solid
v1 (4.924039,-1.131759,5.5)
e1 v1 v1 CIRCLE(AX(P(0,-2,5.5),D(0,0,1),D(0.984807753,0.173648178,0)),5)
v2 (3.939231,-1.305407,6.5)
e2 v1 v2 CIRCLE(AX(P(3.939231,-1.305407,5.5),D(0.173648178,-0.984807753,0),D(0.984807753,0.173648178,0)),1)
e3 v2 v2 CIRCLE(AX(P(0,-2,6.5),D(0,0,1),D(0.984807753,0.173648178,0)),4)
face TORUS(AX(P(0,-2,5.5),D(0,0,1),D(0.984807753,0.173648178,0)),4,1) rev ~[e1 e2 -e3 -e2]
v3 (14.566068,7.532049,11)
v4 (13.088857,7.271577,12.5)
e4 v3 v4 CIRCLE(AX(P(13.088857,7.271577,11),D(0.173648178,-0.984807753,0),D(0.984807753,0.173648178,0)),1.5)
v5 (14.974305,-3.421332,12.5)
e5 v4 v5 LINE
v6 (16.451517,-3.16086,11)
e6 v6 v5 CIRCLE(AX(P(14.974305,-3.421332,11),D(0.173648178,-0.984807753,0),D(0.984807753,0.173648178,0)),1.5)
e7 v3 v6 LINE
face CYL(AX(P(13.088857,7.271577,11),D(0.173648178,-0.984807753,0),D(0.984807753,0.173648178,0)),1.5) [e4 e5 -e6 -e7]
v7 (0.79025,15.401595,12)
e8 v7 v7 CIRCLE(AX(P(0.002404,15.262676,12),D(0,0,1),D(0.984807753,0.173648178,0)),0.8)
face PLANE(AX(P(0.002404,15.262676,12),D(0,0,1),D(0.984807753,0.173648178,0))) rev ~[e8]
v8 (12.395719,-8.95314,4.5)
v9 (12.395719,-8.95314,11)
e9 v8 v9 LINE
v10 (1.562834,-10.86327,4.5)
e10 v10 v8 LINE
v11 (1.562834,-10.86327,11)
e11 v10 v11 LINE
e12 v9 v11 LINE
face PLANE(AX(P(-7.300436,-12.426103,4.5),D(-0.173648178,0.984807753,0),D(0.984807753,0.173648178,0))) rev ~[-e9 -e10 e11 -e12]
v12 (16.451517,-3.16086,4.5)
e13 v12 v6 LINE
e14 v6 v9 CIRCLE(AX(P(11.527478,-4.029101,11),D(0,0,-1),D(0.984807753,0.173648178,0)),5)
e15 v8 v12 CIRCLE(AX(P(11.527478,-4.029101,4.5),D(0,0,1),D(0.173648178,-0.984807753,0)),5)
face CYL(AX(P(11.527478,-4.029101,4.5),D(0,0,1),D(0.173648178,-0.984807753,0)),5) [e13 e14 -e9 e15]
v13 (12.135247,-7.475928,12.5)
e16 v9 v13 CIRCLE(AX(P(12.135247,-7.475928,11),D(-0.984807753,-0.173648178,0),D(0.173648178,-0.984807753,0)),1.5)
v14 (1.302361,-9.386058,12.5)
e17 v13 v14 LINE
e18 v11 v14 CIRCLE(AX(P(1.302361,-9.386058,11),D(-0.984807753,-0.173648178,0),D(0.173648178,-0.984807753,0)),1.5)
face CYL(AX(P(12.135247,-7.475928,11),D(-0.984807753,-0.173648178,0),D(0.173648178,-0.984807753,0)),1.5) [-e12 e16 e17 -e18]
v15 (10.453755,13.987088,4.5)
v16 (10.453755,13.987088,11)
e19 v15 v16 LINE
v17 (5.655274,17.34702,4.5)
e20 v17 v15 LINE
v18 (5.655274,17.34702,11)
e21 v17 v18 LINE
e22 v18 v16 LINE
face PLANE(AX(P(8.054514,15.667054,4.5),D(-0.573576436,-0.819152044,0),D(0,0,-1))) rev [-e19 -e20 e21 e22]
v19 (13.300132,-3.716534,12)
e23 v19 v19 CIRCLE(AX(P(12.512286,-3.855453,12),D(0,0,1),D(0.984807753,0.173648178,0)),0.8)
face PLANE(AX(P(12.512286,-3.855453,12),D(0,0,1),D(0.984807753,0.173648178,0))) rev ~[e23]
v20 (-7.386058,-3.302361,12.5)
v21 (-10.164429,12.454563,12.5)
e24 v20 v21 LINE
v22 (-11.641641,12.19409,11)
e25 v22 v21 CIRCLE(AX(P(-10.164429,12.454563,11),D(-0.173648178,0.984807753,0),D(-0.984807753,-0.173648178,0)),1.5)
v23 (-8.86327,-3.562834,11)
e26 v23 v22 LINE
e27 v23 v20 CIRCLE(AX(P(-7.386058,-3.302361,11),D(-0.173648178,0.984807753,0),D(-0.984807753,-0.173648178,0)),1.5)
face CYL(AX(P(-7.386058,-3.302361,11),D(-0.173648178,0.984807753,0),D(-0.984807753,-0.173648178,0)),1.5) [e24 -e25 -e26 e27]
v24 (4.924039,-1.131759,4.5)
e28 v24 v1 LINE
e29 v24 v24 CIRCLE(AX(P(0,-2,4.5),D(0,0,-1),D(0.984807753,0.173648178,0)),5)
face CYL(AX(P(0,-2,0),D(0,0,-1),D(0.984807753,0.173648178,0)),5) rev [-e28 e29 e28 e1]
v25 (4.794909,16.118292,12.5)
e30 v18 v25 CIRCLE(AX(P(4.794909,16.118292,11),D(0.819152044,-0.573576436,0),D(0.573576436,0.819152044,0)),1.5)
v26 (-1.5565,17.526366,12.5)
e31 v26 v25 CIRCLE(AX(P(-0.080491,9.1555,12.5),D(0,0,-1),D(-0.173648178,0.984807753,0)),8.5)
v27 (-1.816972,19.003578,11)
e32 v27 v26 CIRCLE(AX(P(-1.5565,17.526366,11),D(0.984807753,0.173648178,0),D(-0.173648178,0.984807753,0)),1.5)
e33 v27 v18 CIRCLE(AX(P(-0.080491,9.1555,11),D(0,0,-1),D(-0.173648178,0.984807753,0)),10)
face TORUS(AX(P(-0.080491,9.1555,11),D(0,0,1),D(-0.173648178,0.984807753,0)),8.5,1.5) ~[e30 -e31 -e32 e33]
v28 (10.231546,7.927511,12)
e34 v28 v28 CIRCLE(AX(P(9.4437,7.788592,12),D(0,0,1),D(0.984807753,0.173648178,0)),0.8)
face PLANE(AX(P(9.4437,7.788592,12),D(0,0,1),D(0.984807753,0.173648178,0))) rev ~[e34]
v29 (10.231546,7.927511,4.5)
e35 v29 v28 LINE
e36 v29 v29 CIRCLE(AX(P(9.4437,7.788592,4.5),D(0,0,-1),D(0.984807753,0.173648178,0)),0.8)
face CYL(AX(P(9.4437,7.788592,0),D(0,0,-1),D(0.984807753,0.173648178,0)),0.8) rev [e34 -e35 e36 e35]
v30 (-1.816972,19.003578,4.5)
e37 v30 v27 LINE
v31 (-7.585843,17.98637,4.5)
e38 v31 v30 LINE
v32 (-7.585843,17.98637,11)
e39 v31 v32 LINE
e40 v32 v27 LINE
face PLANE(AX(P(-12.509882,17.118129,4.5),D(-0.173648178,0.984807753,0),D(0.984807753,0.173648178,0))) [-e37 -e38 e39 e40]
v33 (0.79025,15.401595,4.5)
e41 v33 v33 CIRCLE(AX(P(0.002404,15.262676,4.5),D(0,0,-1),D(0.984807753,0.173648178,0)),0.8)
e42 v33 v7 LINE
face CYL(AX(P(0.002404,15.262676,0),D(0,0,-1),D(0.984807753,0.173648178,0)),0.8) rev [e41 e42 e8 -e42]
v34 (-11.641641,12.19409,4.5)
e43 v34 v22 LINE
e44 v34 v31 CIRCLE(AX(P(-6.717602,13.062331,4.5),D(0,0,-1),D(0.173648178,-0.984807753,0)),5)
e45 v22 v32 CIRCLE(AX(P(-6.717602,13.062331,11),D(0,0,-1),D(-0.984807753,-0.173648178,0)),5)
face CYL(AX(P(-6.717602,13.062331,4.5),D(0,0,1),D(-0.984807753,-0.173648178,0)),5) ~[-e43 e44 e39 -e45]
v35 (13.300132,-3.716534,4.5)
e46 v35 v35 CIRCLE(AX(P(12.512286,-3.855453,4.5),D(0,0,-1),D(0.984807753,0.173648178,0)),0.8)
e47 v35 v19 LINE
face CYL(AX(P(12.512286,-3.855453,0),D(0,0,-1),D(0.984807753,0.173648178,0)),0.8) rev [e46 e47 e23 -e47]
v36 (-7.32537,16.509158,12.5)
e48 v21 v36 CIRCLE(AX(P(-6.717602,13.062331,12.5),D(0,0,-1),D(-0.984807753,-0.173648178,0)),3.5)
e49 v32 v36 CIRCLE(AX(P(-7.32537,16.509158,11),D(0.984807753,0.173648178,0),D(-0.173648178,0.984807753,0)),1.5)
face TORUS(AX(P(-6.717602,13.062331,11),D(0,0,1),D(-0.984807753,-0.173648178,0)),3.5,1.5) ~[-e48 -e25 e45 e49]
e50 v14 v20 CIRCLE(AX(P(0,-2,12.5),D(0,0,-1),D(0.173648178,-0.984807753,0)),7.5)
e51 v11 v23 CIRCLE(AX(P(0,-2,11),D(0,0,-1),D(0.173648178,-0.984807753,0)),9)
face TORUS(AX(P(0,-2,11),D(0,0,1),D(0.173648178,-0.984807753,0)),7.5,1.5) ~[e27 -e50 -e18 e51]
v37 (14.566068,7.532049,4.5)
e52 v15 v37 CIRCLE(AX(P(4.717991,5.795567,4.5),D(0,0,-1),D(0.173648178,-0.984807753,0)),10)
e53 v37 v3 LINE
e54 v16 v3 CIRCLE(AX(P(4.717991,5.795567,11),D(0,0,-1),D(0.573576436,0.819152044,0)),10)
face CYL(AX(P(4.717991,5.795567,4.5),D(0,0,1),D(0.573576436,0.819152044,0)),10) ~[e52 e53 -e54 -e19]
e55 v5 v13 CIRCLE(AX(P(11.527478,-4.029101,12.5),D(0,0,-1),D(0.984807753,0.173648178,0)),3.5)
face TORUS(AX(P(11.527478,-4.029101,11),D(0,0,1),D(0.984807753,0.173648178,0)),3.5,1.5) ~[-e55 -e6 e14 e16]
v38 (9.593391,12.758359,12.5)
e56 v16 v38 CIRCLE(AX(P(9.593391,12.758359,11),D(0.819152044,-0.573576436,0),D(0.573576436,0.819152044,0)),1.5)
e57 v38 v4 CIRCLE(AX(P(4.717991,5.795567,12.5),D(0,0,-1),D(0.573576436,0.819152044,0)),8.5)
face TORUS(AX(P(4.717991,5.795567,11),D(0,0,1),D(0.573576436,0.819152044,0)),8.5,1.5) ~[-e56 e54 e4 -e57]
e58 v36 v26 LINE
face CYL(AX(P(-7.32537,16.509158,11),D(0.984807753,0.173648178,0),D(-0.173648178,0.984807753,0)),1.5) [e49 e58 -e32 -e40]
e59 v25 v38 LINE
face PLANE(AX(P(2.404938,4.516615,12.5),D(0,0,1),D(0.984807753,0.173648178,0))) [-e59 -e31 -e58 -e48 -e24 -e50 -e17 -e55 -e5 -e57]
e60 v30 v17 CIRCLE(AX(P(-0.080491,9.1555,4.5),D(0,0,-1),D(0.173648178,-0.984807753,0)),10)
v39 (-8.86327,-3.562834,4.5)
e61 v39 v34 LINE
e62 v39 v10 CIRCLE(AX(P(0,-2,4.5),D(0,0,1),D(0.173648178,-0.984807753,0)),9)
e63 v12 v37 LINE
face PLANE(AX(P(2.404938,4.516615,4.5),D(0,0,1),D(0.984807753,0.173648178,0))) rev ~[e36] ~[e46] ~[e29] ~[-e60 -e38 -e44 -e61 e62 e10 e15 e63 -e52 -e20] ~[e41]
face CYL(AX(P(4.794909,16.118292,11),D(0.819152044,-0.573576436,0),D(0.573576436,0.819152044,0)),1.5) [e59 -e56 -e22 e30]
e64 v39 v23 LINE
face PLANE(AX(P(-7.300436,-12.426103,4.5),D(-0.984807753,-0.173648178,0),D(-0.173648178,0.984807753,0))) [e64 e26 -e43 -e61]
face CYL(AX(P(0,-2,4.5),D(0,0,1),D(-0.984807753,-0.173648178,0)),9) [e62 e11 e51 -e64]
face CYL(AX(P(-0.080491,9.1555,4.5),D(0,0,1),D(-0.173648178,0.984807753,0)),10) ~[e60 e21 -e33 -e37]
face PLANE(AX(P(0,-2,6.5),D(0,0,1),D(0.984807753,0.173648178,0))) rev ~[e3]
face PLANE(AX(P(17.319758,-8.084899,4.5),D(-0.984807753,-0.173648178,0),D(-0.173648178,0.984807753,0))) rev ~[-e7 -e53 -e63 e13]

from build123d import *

# Parameters (mm, degrees)
CYLINDER014_R          = 0.8
CYLINDER014_DEPTH      = 12
CYLINDER025_R          = 0.8
CYLINDER025_DEPTH      = 12
CYLINDER015_R          = 0.8
CYLINDER015_DEPTH      = 12
CYLINDER012_R          = 5
CYLINDER012_DEPTH      = 6.5
FILLET022_R            = 1
BOX017_W               = 25
BOX017_H               = 30
BOX017_DEPTH           = 8
FILLET018_R            = 9
FILLET019_R            = 5
CHAMFER001_SIZE        = 10
FILLET020_R            = 10
FILLET021_R            = 1.5
CUT010_PLACEMENT_ANGLE = 10


with BuildPart() as screwholle008:
    # Cylinder014 → Cylinder014 (new body)
    with BuildSketch(Plane(origin=(3, 17, 0), x_dir=(1, 0, 0), z_dir=(0, 0, 1))):
        Circle(CYLINDER014_R)
    extrude(amount=CYLINDER014_DEPTH)


with BuildPart() as screwholle022:
    # Cylinder025 → Cylinder025 (new body)
    with BuildSketch(Plane(origin=(11, 8, 0), x_dir=(1, 0, 0), z_dir=(0, 0, 1))):
        Circle(CYLINDER025_R)
    extrude(amount=CYLINDER025_DEPTH)


with BuildPart() as screwholle009:
    # Cylinder015 → Cylinder015 (new body)
    with BuildSketch(Plane(origin=(12, -4, 0), x_dir=(1, 0, 0), z_dir=(0, 0, 1))):
        Circle(CYLINDER015_R)
    extrude(amount=CYLINDER015_DEPTH)


with BuildPart() as fusion010:
    # Cylinder012 → Cylinder012 (new body)
    with BuildSketch(Plane.XY):
        Circle(CYLINDER012_R)
    extrude(amount=CYLINDER012_DEPTH)

    # Fillet022
    fillet022_edges = [fusion010.edges().sort_by_distance(p)[0] for p in [
        (-5, 0, 6.5),
    ]]
    fillet(fillet022_edges, radius=FILLET022_R)

    # Fusion010: union ScrewHolle008, ScrewHolle022, ScrewHolle009
    add(screwholle008.part)
    add(screwholle022.part)
    add(screwholle009.part)


with BuildPart() as cut010:
    # Box017 → Box017 (new body)
    with BuildSketch(Plane(origin=(-9, -9, 4.5), x_dir=(1, 0, 0), z_dir=(0, 0, 1))):
        with Locations((12.5, 15)):
            Rectangle(BOX017_W, BOX017_H)
    extrude(amount=BOX017_DEPTH)

    # Fillet018
    fillet018_edges = [cut010.edges().sort_by_distance(p)[0] for p in [
        (-9, -9, 8.5),
    ]]
    fillet(fillet018_edges, radius=FILLET018_R)

    # Fillet019
    fillet019_edges = [cut010.edges().sort_by_distance(p)[0] for p in [
        (-9, 21, 8.5),
        (16, -9, 8.5),
    ]]
    fillet(fillet019_edges, radius=FILLET019_R)

    # Chamfer001
    chamfer001_edges = [cut010.edges().sort_by_distance(p)[0] for p in [
        (16, 21, 8.5),
    ]]
    chamfer(chamfer001_edges, length=CHAMFER001_SIZE)

    # Fillet020
    fillet020_edges = [cut010.edges().sort_by_distance(p)[0] for p in [
        (6, 21, 8.5),
        (16, 11, 8.5),
    ]]
    fillet(fillet020_edges, radius=FILLET020_R)

    # Fillet021
    fillet021_edges = [cut010.edges().sort_by_distance(p)[0] for p in [
        (11, 16, 12.5),
    ]]
    fillet(fillet021_edges, radius=FILLET021_R)

    # Cut010: cut Fusion010
    add(fusion010.part, mode=Mode.SUBTRACT)


with BuildPart() as cut010_1:
    # Cut010 placement: moved
    add(cut010.part.moved(Location((0, -2, 0))).rotate(Axis((0, -2, 0), (0, 0, 1)), CUT010_PLACEMENT_ANGLE))


solid = cut010_1.part
